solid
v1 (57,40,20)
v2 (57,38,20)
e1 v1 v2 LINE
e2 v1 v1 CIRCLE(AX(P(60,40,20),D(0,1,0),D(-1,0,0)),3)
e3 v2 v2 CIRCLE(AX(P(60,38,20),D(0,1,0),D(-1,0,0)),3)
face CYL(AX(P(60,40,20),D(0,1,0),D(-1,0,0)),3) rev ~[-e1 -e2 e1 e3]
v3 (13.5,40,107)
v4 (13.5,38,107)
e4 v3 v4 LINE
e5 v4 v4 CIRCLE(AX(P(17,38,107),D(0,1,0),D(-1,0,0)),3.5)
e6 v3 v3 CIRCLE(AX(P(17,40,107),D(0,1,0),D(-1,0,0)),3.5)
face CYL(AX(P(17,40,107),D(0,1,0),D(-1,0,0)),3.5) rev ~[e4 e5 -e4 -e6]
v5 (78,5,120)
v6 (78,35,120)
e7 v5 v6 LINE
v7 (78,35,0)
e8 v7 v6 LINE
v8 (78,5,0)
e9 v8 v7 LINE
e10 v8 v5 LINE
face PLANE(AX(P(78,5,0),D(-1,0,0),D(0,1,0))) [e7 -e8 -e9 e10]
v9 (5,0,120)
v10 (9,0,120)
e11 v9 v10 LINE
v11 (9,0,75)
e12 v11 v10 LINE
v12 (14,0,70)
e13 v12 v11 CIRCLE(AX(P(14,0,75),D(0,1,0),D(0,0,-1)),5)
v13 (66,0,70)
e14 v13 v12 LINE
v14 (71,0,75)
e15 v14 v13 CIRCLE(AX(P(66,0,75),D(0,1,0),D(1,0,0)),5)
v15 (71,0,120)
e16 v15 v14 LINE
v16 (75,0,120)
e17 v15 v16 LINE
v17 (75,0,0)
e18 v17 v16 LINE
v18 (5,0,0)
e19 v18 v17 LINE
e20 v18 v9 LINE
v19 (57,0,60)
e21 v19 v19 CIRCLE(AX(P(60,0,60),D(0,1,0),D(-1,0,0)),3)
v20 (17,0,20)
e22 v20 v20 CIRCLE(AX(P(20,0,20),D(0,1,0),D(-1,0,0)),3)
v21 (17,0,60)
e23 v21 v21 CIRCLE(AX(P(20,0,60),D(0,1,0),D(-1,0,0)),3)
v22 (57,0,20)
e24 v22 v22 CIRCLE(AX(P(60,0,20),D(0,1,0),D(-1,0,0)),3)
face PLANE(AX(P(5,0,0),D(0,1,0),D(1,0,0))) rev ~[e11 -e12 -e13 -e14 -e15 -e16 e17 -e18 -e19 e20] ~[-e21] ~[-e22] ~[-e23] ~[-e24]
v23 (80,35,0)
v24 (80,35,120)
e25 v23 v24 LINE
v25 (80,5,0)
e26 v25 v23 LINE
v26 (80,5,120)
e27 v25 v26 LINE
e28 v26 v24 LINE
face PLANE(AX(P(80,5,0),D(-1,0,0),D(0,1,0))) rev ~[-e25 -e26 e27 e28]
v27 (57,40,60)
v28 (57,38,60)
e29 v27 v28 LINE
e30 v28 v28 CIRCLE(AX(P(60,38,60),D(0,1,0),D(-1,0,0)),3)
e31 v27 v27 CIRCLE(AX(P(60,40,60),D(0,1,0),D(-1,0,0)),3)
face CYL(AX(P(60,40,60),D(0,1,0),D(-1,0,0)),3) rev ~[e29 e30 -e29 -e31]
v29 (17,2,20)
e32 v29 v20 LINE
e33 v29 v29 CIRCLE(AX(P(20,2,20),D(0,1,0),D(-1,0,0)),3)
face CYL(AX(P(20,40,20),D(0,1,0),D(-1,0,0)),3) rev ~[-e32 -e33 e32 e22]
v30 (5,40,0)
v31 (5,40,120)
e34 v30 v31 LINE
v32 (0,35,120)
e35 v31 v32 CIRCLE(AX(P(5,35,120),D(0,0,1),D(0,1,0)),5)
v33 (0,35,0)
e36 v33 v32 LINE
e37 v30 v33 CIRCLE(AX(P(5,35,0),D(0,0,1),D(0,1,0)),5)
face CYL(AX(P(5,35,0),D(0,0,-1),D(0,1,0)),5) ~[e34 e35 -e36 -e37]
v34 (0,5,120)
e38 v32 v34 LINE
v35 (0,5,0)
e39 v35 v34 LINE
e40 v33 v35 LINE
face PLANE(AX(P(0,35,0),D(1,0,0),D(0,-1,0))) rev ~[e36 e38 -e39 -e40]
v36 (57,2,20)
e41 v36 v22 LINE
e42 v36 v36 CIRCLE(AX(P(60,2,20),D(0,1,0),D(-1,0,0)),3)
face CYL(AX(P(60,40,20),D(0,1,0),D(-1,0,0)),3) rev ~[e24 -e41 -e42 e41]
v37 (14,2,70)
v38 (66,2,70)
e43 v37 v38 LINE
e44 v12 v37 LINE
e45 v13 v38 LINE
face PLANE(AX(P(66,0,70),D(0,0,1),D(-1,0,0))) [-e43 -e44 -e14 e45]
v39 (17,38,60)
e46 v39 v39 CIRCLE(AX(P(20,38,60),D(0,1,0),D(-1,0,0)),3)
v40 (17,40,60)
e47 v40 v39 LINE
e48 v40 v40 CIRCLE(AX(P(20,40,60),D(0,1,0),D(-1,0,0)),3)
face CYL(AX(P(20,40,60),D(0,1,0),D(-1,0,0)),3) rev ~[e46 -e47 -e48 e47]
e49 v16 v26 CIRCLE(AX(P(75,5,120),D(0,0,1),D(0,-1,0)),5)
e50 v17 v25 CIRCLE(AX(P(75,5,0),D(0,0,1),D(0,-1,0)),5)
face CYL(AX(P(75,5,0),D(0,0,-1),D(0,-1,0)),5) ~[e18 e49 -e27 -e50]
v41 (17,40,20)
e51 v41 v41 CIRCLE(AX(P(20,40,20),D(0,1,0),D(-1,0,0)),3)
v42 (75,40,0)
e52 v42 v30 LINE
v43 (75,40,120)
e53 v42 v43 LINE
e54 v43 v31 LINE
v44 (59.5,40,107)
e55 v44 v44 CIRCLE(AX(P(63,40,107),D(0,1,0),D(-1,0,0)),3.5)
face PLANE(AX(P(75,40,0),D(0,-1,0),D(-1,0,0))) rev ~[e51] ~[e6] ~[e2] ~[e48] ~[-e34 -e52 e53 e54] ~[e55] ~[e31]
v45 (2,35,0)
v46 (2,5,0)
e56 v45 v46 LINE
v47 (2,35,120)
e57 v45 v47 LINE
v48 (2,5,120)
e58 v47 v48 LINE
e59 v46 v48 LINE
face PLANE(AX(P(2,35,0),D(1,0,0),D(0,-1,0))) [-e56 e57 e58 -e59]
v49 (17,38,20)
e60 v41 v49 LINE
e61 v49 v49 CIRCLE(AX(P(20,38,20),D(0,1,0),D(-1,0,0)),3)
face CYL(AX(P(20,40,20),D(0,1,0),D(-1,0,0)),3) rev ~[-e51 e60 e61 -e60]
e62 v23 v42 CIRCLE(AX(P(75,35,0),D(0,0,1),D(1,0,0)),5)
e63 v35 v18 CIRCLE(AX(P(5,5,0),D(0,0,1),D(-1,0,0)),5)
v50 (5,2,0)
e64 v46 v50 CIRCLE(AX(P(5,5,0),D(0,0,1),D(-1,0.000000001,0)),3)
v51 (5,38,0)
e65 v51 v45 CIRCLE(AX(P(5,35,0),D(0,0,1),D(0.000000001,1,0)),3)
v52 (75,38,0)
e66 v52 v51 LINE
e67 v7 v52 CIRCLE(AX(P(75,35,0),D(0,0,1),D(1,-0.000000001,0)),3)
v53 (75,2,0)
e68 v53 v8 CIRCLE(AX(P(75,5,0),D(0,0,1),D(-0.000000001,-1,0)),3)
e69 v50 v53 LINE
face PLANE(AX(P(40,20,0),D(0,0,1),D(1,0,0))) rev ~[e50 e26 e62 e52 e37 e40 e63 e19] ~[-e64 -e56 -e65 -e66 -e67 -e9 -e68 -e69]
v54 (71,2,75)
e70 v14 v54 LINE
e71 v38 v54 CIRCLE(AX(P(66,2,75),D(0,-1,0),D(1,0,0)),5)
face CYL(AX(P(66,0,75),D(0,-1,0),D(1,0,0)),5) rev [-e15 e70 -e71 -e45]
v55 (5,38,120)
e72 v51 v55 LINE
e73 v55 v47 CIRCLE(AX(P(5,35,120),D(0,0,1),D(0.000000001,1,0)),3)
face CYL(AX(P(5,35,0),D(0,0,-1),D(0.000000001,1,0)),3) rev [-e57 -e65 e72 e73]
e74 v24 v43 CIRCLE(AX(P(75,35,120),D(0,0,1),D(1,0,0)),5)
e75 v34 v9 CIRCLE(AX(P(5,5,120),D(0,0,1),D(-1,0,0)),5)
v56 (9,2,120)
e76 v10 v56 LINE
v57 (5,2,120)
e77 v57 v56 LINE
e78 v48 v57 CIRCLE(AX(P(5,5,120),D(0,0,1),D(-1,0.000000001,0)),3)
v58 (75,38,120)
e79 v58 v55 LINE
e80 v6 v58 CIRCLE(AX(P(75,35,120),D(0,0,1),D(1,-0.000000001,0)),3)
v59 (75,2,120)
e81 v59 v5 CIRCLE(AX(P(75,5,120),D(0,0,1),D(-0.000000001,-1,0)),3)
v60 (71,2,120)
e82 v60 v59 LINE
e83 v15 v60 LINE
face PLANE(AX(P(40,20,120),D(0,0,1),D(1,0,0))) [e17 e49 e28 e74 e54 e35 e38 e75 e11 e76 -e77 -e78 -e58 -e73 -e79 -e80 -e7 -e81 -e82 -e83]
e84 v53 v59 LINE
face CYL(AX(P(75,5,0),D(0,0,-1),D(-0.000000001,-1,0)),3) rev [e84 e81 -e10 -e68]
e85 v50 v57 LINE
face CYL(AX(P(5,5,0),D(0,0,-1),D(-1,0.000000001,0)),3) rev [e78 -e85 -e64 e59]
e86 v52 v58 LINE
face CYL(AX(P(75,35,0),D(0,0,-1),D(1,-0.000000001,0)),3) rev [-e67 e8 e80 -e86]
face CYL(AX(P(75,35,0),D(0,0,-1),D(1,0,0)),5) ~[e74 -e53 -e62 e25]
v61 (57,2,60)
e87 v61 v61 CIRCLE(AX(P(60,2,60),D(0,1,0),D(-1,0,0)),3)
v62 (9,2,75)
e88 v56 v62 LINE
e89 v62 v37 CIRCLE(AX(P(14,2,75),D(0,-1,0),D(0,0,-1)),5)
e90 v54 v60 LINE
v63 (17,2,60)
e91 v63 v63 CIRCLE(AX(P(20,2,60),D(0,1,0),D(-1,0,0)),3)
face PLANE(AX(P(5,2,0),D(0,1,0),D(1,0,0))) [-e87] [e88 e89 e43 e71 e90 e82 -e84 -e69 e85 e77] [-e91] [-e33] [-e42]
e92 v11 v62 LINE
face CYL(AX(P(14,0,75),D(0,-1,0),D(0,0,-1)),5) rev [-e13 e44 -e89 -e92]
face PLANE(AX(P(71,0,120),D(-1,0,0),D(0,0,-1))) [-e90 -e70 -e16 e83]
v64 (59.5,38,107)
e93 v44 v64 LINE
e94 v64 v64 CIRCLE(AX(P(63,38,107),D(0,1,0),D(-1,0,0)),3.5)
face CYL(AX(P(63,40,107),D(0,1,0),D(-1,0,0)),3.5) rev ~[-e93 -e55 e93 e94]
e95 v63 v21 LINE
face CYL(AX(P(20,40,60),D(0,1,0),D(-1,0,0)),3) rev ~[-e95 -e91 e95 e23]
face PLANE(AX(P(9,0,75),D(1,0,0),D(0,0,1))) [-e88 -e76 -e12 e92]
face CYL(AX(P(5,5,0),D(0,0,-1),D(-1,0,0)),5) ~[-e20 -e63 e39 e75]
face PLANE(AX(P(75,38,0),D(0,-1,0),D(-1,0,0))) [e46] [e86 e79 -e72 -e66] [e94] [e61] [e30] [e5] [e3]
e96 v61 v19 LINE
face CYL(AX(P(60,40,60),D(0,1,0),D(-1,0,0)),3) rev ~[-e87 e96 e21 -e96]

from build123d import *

# Parameters (mm, degrees)
AUFSATZ_LINEAR_AUSTRAGEN1_DEPTH = 120
SCHNITT_LINEAR_AUSTRAGEN1_DEPTH = 10
SKIZZE3_R                       = 3
SKIZZE3_R_2                     = 3.5
SCHNITT_LINEAR_AUSTRAGEN2_DEPTH = 60


with BuildPart() as part:
    # Skizze1 → Aufsatz-Linear austragen1 (new body)
    with BuildSketch(Plane.XY):
        with BuildLine():
            Line((0, 35), (0, 5))
            ThreePointArc((0, 5), (1.464466094, 1.464466094), (5, 0))
            Line((5, 0), (75, 0))
            ThreePointArc((75, 0), (78.535533906, 1.464466094), (80, 5))
            Line((80, 5), (80, 35))
            ThreePointArc((80, 35), (78.535533906, 38.535533906), (75, 40))
            Line((75, 40), (5, 40))
            ThreePointArc((5, 40), (1.464466094, 38.535533906), (0, 35))
        make_face()
        with BuildLine():
            Line((78, 5), (78, 35))
            ThreePointArc((78, 35), (77.121320344, 37.121320344), (75, 38))
            Line((75, 38), (5, 38))
            ThreePointArc((5, 38), (2.878679656, 37.121320344), (2, 35))
            Line((2, 35), (2, 5))
            ThreePointArc((2, 5), (2.878679656, 2.878679656), (5, 2))
            Line((5, 2), (75, 2))
            ThreePointArc((75, 2), (77.121320344, 2.878679656), (78, 5))
        make_face(mode=Mode.SUBTRACT)
    extrude(amount=AUFSATZ_LINEAR_AUSTRAGEN1_DEPTH)

    # Skizze2 → Schnitt-Linear austragen1 (cut)
    with BuildSketch(Plane.XZ):
        with BuildLine():
            Line((9, 120), (71, 120))
            Line((71, 120), (71, 75))
            ThreePointArc((71, 75), (69.535533906, 71.464466094), (66, 70))
            Line((66, 70), (14, 70))
            ThreePointArc((14, 70), (10.464466094, 71.464466094), (9, 75))
            Line((9, 75), (9, 120))
        make_face()
    extrude(amount=-SCHNITT_LINEAR_AUSTRAGEN1_DEPTH, mode=Mode.SUBTRACT)

    # Skizze3 → Schnitt-Linear austragen2 (cut)
    with BuildSketch(Plane(origin=(0, 40, 0), x_dir=(1, 0, 0), z_dir=(0, 1, 0))):
        with Locations(Location((60, -20, 0), (0, 0, 180))):
            Circle(SKIZZE3_R)
        with Locations(Location((20, -20, 0), (0, 0, 180))):
            Circle(SKIZZE3_R)
        with Locations(Location((60, -60, 0), (0, 0, 180))):
            Circle(SKIZZE3_R)
        with Locations(Location((20, -60, 0), (0, 0, 180))):
            Circle(SKIZZE3_R)
        with Locations(Location((63, -107, 0), (0, 0, 180))):
            Circle(SKIZZE3_R_2)
        with Locations(Location((17, -107, 0), (0, 0, 180))):
            Circle(SKIZZE3_R_2)
    extrude(amount=-SCHNITT_LINEAR_AUSTRAGEN2_DEPTH, mode=Mode.SUBTRACT)


solid = part.part
